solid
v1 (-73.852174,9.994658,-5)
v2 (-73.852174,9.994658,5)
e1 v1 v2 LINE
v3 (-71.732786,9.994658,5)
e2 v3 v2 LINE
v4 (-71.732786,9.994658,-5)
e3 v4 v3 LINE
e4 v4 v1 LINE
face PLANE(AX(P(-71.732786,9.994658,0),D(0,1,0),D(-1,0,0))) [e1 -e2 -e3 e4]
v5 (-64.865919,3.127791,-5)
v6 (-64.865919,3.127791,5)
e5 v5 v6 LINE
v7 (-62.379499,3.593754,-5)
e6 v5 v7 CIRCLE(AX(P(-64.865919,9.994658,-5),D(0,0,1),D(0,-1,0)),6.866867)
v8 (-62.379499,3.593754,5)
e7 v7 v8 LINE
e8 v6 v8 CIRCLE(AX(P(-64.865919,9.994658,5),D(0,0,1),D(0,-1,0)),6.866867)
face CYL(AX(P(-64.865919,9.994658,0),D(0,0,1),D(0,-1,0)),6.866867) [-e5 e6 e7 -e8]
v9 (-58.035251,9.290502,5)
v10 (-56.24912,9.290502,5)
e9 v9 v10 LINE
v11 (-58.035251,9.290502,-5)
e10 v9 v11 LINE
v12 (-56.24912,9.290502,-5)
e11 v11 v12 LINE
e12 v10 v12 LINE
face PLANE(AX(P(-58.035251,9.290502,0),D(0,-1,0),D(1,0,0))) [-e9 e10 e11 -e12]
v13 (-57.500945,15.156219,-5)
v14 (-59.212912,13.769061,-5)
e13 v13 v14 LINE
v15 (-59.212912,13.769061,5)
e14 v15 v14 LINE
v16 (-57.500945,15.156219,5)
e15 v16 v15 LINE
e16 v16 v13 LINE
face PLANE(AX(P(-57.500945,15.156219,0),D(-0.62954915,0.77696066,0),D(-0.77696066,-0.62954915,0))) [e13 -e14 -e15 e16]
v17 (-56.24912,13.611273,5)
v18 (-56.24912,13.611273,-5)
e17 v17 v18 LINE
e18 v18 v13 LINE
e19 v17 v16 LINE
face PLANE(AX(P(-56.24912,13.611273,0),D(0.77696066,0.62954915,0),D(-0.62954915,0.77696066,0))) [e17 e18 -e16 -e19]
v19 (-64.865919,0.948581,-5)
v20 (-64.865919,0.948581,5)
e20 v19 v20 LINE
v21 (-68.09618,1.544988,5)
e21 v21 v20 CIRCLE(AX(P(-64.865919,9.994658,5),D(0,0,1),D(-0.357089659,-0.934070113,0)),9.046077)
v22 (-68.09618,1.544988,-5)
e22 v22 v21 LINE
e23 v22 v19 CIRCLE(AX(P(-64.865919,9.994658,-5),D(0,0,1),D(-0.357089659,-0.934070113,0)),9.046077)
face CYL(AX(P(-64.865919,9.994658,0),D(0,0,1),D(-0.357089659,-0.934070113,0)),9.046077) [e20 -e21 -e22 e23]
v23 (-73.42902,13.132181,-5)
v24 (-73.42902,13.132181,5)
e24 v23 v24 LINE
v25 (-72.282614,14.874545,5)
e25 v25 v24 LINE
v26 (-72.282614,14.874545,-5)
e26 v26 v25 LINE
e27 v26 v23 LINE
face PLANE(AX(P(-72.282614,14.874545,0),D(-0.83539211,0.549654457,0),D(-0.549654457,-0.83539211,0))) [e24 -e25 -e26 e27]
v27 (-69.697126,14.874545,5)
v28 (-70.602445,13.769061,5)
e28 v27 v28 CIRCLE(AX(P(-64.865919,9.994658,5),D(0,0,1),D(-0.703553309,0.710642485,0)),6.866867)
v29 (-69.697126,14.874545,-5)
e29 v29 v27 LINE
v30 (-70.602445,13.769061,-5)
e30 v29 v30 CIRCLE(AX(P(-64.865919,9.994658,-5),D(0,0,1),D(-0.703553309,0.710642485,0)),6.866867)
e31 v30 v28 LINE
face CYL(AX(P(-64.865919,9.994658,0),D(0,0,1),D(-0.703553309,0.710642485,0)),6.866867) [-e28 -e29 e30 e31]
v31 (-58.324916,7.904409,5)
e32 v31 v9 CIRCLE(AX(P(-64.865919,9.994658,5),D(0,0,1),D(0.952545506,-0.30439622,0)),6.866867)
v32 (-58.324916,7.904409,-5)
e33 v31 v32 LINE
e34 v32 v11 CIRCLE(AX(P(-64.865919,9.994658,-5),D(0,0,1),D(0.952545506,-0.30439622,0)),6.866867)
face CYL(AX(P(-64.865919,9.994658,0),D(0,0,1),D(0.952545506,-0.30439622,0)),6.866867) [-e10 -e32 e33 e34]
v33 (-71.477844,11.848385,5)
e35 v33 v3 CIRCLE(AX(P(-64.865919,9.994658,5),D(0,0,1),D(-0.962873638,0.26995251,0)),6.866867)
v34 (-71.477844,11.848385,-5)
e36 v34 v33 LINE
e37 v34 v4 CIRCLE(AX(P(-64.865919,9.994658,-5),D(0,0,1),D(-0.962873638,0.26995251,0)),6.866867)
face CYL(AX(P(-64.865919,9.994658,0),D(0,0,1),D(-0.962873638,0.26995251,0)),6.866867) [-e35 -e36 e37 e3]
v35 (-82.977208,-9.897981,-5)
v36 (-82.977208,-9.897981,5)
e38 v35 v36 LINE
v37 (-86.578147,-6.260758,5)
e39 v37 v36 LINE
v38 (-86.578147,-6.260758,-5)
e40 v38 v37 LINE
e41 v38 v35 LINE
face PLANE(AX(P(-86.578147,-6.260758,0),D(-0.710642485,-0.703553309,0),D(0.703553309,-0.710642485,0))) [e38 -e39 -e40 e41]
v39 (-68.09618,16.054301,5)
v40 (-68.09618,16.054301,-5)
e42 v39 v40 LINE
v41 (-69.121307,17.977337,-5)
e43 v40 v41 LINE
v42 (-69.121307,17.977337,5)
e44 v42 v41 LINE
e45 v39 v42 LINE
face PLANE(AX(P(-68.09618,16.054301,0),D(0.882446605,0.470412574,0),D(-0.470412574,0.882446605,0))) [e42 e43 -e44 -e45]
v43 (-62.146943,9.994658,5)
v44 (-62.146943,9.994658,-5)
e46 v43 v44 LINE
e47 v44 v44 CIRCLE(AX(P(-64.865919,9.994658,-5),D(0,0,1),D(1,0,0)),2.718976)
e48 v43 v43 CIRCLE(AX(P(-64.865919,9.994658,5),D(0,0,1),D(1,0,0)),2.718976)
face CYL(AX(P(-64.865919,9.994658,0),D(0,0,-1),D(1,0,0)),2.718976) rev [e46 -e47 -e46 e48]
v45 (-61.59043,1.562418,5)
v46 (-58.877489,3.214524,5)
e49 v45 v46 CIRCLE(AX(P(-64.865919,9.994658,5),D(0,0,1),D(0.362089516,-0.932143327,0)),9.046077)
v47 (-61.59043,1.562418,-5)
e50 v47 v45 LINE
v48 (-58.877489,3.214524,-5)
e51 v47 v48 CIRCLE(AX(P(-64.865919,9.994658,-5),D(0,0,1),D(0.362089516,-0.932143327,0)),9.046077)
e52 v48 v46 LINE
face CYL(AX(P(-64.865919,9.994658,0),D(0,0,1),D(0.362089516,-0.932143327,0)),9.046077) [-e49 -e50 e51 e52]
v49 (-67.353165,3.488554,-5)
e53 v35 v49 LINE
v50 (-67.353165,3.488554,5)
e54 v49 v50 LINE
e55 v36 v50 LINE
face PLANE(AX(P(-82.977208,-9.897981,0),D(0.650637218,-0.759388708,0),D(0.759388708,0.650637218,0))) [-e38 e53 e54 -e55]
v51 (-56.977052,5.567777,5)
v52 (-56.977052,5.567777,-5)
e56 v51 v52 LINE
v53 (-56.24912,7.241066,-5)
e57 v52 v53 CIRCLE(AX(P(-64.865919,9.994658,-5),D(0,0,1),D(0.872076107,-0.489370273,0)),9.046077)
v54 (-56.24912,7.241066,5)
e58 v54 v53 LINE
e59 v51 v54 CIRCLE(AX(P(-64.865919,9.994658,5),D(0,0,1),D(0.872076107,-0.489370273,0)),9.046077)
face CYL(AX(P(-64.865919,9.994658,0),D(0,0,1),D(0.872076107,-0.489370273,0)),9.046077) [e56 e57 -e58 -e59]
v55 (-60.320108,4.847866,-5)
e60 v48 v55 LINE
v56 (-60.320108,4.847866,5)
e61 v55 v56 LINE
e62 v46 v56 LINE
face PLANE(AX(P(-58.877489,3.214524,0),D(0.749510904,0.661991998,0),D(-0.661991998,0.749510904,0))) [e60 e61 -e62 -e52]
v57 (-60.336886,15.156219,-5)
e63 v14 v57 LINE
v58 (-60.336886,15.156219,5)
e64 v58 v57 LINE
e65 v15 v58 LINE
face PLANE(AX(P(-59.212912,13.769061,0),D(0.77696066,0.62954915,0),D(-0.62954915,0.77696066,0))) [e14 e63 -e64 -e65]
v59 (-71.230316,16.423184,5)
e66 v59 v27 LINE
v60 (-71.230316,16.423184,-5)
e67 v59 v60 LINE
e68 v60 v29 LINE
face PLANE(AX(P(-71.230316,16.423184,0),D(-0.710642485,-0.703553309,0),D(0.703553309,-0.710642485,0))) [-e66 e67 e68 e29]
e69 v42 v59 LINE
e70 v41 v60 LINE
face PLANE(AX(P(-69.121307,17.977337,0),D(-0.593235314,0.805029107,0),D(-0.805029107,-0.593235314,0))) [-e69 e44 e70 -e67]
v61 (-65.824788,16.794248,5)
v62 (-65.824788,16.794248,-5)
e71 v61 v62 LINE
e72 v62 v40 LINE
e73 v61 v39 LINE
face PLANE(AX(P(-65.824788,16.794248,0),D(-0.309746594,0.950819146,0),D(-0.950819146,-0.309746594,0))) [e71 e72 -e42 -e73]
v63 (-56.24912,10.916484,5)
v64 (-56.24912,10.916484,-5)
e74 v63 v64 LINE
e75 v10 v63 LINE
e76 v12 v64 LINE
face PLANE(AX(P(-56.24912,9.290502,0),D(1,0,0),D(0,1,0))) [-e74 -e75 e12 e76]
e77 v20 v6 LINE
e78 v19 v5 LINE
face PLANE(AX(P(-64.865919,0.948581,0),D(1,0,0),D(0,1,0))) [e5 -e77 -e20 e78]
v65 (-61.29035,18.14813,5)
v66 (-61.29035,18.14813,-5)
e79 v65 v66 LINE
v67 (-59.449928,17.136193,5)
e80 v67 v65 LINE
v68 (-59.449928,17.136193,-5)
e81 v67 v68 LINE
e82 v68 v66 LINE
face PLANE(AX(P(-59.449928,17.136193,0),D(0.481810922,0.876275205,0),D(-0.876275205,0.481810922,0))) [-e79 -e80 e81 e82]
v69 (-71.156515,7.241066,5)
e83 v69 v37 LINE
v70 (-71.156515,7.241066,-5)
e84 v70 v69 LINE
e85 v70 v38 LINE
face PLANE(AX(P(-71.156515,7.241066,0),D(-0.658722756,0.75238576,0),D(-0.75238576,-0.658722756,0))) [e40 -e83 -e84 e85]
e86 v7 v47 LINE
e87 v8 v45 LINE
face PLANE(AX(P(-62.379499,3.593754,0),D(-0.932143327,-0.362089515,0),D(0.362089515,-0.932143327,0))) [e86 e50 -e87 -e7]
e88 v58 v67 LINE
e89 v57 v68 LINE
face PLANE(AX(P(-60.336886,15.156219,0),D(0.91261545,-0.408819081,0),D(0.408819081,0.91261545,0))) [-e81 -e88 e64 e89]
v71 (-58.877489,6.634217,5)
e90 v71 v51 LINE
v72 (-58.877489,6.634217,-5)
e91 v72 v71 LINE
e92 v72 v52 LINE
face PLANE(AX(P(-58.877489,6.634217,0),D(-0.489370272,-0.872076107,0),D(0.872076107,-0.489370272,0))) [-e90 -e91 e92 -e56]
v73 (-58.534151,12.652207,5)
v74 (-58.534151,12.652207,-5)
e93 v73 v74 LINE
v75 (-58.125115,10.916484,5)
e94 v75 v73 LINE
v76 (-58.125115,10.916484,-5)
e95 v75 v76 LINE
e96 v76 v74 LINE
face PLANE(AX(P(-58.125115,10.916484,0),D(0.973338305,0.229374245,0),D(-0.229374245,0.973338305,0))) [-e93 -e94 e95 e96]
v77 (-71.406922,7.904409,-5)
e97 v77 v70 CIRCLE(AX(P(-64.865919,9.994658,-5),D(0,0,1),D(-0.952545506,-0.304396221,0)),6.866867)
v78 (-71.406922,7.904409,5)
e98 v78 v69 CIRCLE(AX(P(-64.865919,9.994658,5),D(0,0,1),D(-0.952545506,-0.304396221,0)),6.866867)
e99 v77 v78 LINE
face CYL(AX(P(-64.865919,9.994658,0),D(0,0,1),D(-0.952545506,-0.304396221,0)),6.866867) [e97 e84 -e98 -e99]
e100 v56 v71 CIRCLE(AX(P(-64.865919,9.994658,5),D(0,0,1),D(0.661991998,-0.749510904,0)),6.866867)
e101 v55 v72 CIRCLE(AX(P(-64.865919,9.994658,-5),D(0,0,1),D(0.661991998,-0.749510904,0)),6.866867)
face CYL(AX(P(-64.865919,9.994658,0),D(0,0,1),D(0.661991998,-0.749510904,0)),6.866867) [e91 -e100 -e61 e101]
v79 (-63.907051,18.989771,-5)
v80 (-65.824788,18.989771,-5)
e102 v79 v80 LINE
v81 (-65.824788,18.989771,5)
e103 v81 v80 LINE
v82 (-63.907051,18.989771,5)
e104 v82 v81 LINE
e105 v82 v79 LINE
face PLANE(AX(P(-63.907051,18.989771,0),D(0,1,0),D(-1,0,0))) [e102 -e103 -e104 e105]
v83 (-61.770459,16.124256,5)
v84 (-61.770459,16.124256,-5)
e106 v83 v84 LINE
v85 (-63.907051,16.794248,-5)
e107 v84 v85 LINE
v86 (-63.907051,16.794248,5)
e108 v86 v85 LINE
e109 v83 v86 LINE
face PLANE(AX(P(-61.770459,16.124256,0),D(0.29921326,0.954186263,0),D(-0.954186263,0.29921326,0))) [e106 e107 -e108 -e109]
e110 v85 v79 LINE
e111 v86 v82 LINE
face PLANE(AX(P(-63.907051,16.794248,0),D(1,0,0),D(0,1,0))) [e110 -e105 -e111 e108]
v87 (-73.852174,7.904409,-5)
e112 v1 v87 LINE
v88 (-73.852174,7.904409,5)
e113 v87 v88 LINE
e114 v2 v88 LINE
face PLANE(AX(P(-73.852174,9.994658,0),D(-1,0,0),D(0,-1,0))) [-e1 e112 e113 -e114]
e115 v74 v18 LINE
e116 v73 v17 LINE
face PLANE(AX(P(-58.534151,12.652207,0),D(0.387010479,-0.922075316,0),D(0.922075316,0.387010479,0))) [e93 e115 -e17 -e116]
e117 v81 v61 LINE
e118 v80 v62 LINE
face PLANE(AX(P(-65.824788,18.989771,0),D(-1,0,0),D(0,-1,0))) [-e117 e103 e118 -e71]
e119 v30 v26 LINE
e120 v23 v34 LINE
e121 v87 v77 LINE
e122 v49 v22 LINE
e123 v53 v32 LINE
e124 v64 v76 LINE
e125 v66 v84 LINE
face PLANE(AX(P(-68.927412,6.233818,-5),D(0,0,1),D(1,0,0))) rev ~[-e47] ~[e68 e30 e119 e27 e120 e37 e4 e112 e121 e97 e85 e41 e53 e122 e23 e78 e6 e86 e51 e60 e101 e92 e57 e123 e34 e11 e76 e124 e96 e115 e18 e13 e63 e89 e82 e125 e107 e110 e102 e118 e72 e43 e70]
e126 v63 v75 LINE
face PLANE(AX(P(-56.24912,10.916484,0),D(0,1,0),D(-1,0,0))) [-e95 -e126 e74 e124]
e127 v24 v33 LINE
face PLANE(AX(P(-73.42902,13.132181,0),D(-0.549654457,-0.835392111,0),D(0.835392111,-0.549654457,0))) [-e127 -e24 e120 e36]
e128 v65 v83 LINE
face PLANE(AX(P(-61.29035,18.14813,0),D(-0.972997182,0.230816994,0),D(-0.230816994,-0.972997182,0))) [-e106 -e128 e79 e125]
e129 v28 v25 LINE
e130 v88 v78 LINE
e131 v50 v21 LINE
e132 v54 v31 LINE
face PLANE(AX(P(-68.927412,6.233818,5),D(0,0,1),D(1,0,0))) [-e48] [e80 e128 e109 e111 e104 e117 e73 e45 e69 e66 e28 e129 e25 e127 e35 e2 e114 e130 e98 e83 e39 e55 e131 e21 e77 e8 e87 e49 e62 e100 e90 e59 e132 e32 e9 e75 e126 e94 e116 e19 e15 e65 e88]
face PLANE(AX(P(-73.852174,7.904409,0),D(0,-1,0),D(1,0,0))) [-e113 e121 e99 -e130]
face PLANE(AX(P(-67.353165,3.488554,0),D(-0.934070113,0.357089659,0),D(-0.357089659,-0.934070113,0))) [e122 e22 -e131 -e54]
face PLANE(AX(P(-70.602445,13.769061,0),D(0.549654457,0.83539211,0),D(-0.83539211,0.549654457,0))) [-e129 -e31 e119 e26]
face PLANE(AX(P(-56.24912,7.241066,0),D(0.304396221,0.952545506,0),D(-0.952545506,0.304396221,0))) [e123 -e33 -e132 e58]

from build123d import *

# Parameters (mm, degrees)
SKETCH1_R           = 2.718976156
BOSS_EXTRUDE1_DEPTH = 5


with BuildPart() as part:
    # Sketch1 → Boss-Extrude1 (new body, symmetric)
    with BuildSketch(Plane.XY):
        with BuildLine():
            Line((-71.230316372, 16.423183965), (-69.697125978, 14.874544766))
            ThreePointArc((-69.697125978, 14.874544766), (-70.178618015, 14.345414894), (-70.602445452, 13.769061439))
            Line((-70.602445452, 13.769061439), (-72.282613853, 14.874544766))
            Line((-72.282613853, 14.874544766), (-73.429019542, 13.132180531))
            Line((-73.429019542, 13.132180531), (-71.477844105, 11.848385459))
            ThreePointArc((-71.477844105, 11.848385459), (-71.668751879, 10.930245938), (-71.732785885, 9.994657565))
            Line((-71.732785885, 9.994657565), (-73.852173913, 9.994657565))
            Line((-73.852173913, 9.994657565), (-73.852173913, 7.904409303))
            Line((-73.852173913, 7.904409303), (-71.406922201, 7.904409303))
            ThreePointArc((-71.406922201, 7.904409303), (-71.290285788, 7.56950355), (-71.156514693, 7.24106602))
            Line((-71.156514693, 7.24106602), (-86.578147363, -6.260758332))
            Line((-86.578147363, -6.260758332), (-82.977208325, -9.89798132))
            Line((-82.977208325, -9.89798132), (-67.353165307, 3.488554168))
            Line((-67.353165307, 3.488554168), (-68.096179637, 1.544987721))
            ThreePointArc((-68.096179637, 1.544987721), (-66.508347558, 1.098932073), (-64.865919209, 0.948580907))
            Line((-64.865919209, 0.948580907), (-64.865919209, 3.127790889))
            ThreePointArc((-64.865919209, 3.127790889), (-63.601066667, 3.24528678), (-62.37949878, 3.593753614))
            Line((-62.37949878, 3.593753614), (-61.590429693, 1.562417569))
            ThreePointArc((-61.590429693, 1.562417569), (-60.160877534, 2.268462787), (-58.877488851, 3.214524472))
            Line((-58.877488851, 3.214524472), (-60.320108421, 4.847866116))
            ThreePointArc((-60.320108421, 4.847866116), (-59.523604951, 5.680316792), (-58.877488851, 6.634217149))
            Line((-58.877488851, 6.634217149), (-56.977051893, 5.567776566))
            ThreePointArc((-56.977051893, 5.567776566), (-56.570785994, 6.386019614), (-56.249119541, 7.24106602))
            Line((-56.249119541, 7.24106602), (-58.324916217, 7.904409303))
            ThreePointArc((-58.324916217, 7.904409303), (-58.144259528, 8.589969318), (-58.035251347, 9.290502395))
            Line((-58.035251347, 9.290502395), (-56.249119541, 9.290502395))
            Line((-56.249119541, 9.290502395), (-56.249119541, 10.916483695))
            Line((-56.249119541, 10.916483695), (-58.125115153, 10.916483695))
            Line((-58.125115153, 10.916483695), (-58.534150947, 12.652206929))
            Line((-58.534150947, 12.652206929), (-56.249119541, 13.611272945))
            Line((-56.249119541, 13.611272945), (-57.500945462, 15.156219029))
            Line((-57.500945462, 15.156219029), (-59.21291168, 13.769061439))
            Line((-59.21291168, 13.769061439), (-60.336886068, 15.156219029))
            Line((-60.336886068, 15.156219029), (-59.44992841, 17.136193302))
            Line((-59.44992841, 17.136193302), (-61.290349947, 18.148130182))
            Line((-61.290349947, 18.148130182), (-61.770458694, 16.124256422))
            Line((-61.770458694, 16.124256422), (-63.907050908, 16.794247959))
            Line((-63.907050908, 16.794247959), (-63.907050908, 18.989771489))
            Line((-63.907050908, 18.989771489), (-65.82478751, 18.989771489))
            Line((-65.82478751, 18.989771489), (-65.82478751, 16.794247959))
            Line((-65.82478751, 16.794247959), (-68.096179637, 16.054300748))
            Line((-68.096179637, 16.054300748), (-69.121307415, 17.977337199))
            Line((-69.121307415, 17.977337199), (-71.230316372, 16.423183965))
        make_face()
        with Locations((-64.865919209, 9.994657565)):
            Circle(SKETCH1_R, mode=Mode.SUBTRACT)
    extrude(amount=BOSS_EXTRUDE1_DEPTH, both=True)


solid = part.part
